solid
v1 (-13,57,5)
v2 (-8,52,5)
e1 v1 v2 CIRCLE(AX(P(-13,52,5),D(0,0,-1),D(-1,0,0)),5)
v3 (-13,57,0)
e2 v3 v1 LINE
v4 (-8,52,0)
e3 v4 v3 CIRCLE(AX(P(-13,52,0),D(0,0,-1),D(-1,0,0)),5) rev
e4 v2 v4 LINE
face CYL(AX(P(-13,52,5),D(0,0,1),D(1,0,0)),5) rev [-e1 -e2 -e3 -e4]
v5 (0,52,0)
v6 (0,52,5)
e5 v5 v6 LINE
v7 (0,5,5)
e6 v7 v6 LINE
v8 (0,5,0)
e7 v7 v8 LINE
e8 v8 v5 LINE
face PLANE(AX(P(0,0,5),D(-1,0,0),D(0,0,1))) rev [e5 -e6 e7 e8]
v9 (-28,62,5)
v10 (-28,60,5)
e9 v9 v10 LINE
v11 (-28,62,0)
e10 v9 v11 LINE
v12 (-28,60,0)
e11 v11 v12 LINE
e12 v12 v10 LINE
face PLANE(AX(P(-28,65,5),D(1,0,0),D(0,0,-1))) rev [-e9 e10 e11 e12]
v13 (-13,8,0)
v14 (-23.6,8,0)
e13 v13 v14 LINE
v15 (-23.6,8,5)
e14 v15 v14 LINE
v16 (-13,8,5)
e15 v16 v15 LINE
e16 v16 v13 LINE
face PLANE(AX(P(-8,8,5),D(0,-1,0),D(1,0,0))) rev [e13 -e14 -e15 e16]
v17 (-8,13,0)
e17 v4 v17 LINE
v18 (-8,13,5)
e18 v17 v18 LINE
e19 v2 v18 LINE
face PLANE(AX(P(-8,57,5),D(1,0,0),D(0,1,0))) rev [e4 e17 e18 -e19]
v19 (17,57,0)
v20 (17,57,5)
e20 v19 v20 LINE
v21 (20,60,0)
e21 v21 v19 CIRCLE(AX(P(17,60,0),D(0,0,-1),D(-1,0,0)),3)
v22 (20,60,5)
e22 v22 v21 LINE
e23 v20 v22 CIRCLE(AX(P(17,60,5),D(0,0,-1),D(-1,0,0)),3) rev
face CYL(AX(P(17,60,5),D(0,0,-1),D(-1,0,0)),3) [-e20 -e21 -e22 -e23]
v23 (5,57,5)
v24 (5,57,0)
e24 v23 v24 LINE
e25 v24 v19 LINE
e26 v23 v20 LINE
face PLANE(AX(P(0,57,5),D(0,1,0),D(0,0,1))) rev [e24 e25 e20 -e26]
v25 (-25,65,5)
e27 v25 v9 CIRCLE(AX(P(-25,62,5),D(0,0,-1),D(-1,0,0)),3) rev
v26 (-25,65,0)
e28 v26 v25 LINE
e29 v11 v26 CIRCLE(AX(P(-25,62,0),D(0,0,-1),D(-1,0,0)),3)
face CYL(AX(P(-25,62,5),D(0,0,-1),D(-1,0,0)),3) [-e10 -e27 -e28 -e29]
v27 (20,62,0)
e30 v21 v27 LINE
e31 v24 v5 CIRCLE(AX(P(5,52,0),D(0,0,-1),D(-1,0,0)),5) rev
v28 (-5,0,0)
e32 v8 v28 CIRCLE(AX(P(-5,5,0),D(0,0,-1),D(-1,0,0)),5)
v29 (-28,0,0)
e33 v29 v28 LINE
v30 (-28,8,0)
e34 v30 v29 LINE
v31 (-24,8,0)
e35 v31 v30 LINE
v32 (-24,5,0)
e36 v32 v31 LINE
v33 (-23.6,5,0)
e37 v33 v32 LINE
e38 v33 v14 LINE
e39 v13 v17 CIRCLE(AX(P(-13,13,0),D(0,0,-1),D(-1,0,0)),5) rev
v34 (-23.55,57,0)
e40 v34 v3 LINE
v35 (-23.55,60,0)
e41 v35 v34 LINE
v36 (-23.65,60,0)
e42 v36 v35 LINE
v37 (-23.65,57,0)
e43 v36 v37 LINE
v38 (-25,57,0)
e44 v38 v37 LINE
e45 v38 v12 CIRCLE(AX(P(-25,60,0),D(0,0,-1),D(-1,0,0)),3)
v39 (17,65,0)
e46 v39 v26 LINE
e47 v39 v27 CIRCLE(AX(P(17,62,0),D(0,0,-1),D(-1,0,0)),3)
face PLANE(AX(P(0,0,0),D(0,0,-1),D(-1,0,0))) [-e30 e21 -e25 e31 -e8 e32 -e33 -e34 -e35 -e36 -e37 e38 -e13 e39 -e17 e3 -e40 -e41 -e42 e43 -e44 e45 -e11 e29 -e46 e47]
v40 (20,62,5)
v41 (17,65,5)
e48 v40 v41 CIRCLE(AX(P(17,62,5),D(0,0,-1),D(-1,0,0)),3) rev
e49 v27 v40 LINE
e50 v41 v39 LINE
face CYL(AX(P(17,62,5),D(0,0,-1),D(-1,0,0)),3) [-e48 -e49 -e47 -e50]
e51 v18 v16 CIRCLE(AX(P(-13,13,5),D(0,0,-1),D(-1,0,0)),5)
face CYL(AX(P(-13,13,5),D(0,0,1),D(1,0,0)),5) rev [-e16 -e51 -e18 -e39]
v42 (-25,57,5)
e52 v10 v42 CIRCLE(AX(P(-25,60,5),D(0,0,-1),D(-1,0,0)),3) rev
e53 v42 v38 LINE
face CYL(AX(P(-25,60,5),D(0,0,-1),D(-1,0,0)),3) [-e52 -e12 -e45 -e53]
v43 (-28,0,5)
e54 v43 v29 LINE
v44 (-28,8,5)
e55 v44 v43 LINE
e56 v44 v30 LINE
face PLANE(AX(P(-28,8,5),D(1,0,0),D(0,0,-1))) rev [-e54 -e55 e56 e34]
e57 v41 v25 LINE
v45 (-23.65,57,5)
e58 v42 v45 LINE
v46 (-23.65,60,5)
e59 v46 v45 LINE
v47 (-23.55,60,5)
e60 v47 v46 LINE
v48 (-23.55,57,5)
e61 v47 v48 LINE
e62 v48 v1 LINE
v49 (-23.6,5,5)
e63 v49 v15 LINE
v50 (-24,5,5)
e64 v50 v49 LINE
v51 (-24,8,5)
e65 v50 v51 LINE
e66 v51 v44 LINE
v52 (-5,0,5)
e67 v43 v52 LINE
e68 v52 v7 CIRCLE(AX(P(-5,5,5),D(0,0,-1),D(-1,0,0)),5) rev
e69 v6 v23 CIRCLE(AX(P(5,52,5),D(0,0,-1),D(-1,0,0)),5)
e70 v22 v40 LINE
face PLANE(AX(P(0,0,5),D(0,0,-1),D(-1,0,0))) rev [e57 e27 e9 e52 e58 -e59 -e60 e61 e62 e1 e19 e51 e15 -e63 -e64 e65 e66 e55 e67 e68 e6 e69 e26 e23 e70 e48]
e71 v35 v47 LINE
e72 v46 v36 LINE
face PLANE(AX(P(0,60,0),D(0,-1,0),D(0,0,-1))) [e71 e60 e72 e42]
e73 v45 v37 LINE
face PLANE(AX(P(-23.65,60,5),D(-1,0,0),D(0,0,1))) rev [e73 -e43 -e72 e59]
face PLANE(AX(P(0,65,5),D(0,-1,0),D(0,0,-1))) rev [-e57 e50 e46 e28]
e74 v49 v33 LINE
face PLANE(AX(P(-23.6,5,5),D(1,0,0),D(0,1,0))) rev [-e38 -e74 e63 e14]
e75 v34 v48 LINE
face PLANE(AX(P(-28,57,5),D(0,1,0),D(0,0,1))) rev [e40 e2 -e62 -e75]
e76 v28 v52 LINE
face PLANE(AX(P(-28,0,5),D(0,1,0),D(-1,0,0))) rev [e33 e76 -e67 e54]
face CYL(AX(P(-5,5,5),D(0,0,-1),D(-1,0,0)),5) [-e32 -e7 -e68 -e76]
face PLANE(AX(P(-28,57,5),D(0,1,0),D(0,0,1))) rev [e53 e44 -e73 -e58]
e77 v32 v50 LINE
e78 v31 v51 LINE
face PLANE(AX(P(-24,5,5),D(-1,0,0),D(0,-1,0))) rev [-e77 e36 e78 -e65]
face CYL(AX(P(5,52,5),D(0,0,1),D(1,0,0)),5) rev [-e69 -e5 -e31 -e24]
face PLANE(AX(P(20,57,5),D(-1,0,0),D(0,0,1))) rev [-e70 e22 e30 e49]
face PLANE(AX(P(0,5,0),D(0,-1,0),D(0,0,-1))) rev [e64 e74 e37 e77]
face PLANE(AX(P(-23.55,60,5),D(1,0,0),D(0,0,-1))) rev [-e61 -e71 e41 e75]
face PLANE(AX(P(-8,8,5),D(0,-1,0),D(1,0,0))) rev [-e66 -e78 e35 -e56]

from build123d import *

# Parameters (mm, degrees)
BOSS_EXTRUDE1_DEPTH = 5
SKETCH2_W           = 0.4
SKETCH2_H           = 5
CUT_EXTRUDE1_DEPTH  = 3
SKETCH3_W           = 0.1
SKETCH3_H           = 5
CUT_EXTRUDE2_DEPTH  = 3
FILLET1_R           = 5
FILLET2_R           = 3


with BuildPart() as part:
    # Sketch1 → Boss-Extrude1 (new body)
    with BuildSketch(Plane.XY):
        Polygon((0, 65), (-28, 65), (-28, 57), (-8, 57), (-8, 8), (-28, 8), (-28, 0), (0, 0), (0, 57), (20, 57), (20, 65), align=None)
    extrude(amount=BOSS_EXTRUDE1_DEPTH)

    # Sketch2 → Cut-Extrude1 (cut)
    with BuildSketch(Plane(origin=(0, 8, 0), x_dir=(1, 0, 0), z_dir=(0, 1, 0))):
        with Locations((-23.8, -2.5)):
            Rectangle(SKETCH2_W, SKETCH2_H)
    extrude(amount=-CUT_EXTRUDE1_DEPTH, mode=Mode.SUBTRACT)

    # Sketch3 → Cut-Extrude2 (cut)
    with BuildSketch(Plane.XZ.offset(-57)):
        with Locations((-23.6, 2.5)):
            Rectangle(SKETCH3_W, SKETCH3_H)
    extrude(amount=-CUT_EXTRUDE2_DEPTH, mode=Mode.SUBTRACT)

    # Fillet1
    fillet1_edges = [part.edges().sort_by_distance(p)[0] for p in [
        (0, 0, 2.5),
        (-8, 8, 2.5),
        (-8, 57, 2.5),
        (0, 57, 2.5),
    ]]
    fillet(fillet1_edges, radius=FILLET1_R)

    # Fillet2
    fillet2_edges = [part.edges().sort_by_distance(p)[0] for p in [
        (-28, 57, 2.5),
        (-28, 65, 2.5),
        (20, 65, 2.5),
        (20, 57, 2.5),
    ]]
    fillet(fillet2_edges, radius=FILLET2_R)


solid = part.part
